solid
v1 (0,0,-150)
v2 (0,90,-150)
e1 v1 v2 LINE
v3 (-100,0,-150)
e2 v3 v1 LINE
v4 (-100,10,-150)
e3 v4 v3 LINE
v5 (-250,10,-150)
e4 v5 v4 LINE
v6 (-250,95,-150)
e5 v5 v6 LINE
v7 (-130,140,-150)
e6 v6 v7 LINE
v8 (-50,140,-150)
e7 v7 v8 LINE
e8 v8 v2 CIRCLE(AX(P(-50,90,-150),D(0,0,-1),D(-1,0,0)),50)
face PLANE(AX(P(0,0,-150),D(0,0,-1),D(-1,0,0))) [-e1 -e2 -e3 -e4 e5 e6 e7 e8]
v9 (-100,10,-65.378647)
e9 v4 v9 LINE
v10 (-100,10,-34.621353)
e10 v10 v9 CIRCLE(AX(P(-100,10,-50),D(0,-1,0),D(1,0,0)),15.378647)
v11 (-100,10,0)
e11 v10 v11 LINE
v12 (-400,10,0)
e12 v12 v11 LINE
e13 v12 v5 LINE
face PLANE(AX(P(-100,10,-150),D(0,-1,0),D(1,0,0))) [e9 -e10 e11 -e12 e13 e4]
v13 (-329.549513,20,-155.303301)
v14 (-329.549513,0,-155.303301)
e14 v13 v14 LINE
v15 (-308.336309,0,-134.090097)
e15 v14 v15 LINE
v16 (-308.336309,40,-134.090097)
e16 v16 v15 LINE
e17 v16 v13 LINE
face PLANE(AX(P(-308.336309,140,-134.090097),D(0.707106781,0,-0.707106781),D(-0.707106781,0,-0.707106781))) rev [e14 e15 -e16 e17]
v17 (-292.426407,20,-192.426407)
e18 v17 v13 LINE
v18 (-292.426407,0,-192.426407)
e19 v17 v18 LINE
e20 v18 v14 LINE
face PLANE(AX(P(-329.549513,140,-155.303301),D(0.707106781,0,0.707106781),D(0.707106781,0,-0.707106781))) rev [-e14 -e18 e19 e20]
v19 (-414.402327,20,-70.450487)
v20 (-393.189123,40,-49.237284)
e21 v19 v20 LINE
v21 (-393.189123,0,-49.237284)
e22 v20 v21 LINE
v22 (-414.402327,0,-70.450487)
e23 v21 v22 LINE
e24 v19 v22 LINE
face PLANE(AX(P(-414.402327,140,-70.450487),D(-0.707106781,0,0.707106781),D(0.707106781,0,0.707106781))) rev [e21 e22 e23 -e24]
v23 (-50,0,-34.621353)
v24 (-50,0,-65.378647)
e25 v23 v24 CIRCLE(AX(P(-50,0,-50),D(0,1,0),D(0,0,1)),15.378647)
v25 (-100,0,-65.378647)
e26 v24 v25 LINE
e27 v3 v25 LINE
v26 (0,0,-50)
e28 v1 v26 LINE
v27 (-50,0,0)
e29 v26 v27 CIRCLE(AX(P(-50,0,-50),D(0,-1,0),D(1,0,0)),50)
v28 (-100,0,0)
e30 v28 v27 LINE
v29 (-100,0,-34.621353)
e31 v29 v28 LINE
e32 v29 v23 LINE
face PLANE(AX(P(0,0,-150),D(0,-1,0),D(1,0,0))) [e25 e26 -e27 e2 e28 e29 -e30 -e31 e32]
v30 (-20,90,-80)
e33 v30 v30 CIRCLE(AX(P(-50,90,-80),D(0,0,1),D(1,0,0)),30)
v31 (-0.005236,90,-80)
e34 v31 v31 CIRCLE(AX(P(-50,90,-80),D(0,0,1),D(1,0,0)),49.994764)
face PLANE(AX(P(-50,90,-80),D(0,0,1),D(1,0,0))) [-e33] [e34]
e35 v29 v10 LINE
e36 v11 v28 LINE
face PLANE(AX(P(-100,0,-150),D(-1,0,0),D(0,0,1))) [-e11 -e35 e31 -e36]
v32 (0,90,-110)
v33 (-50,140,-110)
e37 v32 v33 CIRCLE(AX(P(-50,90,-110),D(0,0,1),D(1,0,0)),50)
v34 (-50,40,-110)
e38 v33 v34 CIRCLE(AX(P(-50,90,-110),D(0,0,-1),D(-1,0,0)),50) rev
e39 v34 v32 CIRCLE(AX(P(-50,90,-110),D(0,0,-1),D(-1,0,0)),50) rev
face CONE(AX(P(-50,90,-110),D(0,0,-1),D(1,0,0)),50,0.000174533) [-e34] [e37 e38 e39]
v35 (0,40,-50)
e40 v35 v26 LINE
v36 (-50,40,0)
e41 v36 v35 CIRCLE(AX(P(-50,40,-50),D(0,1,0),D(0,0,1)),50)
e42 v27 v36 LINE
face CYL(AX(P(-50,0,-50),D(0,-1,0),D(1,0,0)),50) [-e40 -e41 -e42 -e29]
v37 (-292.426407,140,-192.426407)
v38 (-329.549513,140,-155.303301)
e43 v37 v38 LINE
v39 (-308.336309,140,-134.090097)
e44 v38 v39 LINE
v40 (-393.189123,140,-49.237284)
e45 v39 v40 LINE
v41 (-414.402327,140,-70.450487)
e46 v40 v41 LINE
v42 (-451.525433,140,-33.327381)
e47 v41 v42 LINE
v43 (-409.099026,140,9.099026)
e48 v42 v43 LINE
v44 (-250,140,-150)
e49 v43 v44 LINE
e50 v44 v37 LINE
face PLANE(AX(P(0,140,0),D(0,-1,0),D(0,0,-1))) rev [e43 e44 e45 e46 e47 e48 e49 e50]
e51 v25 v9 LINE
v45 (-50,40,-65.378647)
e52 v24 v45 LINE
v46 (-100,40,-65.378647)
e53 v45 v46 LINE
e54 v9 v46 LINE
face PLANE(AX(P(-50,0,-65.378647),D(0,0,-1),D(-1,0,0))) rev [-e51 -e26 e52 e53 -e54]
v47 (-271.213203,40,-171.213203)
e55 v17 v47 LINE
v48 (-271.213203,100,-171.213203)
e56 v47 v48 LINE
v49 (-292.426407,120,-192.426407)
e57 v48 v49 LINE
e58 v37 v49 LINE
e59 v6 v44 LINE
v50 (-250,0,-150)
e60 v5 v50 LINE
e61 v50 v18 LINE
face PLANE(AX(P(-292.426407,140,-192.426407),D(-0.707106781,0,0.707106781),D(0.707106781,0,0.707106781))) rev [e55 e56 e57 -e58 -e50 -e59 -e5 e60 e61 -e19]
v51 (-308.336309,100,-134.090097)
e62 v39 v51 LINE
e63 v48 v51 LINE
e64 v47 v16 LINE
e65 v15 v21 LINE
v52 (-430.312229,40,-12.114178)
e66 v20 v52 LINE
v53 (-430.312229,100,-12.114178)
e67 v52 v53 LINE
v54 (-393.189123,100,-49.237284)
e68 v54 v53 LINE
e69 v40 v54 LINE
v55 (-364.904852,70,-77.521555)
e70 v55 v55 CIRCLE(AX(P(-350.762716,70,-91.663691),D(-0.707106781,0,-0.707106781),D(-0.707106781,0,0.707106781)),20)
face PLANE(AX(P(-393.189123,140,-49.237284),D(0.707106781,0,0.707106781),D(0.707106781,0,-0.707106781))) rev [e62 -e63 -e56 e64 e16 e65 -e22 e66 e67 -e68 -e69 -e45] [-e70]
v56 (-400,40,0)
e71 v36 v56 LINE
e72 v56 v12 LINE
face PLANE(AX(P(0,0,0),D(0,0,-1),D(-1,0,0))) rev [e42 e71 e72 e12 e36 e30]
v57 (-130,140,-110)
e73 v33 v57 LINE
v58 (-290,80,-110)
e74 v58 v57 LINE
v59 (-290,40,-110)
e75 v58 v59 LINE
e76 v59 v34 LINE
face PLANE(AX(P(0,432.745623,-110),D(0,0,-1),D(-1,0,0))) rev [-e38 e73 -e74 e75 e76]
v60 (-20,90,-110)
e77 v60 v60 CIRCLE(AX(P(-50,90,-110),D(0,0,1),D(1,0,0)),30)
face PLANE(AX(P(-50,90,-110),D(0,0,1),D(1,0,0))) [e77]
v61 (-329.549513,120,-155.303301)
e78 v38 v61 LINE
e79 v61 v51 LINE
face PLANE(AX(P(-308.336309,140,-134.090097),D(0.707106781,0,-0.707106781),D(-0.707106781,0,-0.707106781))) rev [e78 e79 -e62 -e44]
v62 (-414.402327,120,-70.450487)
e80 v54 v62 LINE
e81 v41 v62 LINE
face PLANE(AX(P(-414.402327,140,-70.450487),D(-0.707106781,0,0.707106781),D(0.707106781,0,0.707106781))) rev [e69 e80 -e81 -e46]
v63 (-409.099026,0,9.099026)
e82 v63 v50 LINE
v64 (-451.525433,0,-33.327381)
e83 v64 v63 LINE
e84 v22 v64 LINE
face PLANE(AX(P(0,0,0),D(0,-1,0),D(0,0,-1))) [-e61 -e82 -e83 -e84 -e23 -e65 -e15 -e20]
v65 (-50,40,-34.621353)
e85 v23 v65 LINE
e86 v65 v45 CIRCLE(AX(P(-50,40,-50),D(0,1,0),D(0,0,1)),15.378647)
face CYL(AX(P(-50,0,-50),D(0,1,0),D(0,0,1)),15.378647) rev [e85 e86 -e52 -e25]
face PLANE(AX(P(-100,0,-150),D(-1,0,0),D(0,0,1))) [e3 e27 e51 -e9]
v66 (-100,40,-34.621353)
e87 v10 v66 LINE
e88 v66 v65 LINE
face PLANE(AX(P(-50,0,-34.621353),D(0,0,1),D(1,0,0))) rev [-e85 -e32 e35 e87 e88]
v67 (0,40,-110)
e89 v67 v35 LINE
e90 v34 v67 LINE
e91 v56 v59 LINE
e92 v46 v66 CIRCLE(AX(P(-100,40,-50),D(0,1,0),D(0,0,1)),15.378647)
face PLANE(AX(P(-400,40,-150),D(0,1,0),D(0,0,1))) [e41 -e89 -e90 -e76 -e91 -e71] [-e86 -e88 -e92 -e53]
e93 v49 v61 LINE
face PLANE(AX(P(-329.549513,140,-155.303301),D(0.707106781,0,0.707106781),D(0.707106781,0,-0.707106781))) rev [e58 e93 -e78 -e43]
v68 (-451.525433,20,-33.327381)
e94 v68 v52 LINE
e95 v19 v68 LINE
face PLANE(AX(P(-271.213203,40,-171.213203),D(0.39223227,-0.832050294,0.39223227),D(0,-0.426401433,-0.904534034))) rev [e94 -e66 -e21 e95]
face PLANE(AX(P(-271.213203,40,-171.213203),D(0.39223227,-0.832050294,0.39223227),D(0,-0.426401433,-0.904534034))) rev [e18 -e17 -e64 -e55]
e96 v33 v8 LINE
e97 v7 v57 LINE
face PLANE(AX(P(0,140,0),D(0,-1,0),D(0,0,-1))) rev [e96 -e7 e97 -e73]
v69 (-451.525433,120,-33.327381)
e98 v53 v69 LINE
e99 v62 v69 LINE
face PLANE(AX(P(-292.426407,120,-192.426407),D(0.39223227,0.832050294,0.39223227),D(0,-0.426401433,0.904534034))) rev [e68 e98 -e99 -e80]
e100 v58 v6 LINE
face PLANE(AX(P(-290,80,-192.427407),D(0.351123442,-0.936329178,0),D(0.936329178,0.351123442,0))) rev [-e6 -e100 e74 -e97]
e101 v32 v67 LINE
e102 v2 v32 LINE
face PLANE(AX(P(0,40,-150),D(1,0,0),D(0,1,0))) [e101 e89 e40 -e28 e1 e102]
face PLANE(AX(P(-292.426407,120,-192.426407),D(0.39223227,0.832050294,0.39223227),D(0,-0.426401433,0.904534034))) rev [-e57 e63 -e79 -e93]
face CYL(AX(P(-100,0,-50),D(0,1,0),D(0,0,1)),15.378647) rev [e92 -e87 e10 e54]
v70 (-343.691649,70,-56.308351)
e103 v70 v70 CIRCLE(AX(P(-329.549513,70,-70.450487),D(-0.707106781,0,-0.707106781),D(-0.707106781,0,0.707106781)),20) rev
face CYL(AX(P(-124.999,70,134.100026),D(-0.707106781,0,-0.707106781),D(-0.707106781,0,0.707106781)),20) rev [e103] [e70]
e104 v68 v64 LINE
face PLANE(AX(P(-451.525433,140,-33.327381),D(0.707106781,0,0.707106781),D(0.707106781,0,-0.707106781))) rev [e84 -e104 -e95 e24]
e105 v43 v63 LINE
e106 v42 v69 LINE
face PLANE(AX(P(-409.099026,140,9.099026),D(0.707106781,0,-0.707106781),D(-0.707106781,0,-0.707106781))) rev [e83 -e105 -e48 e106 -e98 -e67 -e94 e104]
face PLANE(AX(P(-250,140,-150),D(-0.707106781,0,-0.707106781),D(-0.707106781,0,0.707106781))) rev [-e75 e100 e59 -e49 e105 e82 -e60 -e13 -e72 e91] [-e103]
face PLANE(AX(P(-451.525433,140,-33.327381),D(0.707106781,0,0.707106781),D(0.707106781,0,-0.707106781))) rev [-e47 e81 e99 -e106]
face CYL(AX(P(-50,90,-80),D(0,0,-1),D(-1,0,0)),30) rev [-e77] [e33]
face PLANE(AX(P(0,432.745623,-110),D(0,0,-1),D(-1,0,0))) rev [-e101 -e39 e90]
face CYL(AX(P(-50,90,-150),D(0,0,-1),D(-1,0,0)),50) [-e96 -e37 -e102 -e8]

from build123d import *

# Parameters (mm, degrees)
BOSS_EXTRUDE1_DEPTH  = 150
FILLET1_R            = 50
CUT_EXTRUDE1_REACH   = 431.069
CUT_EXTRUDE2_DEPTH   = 430.068759058
BOSS_EXTRUDE2_DEPTH  = 140
CUT_EXTRUDE3_DEPTH   = 225
CUT_EXTRUDE4_REACH   = 356.524
SKETCH7_R            = 20
BOSS_EXTRUDE3_DEPTH  = 100
SKETCH11_R           = 50
BOSS_EXTRUDE9_DEPTH  = 30
BOSS_EXTRUDE9_TAPER  = 0.01
FILLET3_R            = 50
SKETCH12_R           = 30
CUT_EXTRUDE5_DEPTH   = 30
CUT_EXTRUDE7_REACH   = 489.504
BOSS_EXTRUDE11_REACH = 512.395
CUT_EXTRUDE8_DEPTH   = 490.482620533


with BuildPart() as part:
    # Sketch1 → Boss-Extrude1 (new body)
    with BuildSketch(Plane.XY):
        Polygon((0, 0), (-100, 0), (-100, 10), (-400, 10), (-400, 40), (0, 40), align=None)
    extrude(amount=-BOSS_EXTRUDE1_DEPTH)

    # Fillet1
    fillet1_edges = [part.edges().sort_by_distance(p)[0] for p in [
        (0, 20, 0),
    ]]
    fillet(fillet1_edges, radius=FILLET1_R)

    # Sketch3 → Cut-Extrude1 (cut, up to next)
    with BuildSketch(Plane(origin=(0, 40, 0), x_dir=(1, 0, 0), z_dir=(0, 1, 0)), mode=Mode.PRIVATE) as cut_extrude1_sk1:
        Polygon((-400, 0), (-250, 150), (-400, 150), align=None)
    cut_extrude1_tool1 = extrude(cut_extrude1_sk1.sketch, amount=-CUT_EXTRUDE1_REACH, mode=Mode.PRIVATE) & part.part
    add(cut_extrude1_tool1.solids().sort_by_distance((-350, 40, -100))[0], mode=Mode.SUBTRACT)

    # Sketch4 → Cut-Extrude2 (cut, through all)
    with BuildSketch(Plane(origin=(0, 40, 0), x_dir=(1, 0, 0), z_dir=(0, 1, 0))):
        with BuildLine():
            Line((-50, 34.621352916), (-100, 34.621352916))
            ThreePointArc((-100, 34.621352916), (-115.378647084, 50), (-100, 65.378647084))
            Line((-100, 65.378647084), (-50, 65.378647084))
            ThreePointArc((-50, 65.378647084), (-34.621352916, 50), (-50, 34.621352916))
        make_face()
    extrude(amount=-CUT_EXTRUDE2_DEPTH, mode=Mode.SUBTRACT)

    # Sketch5 → Boss-Extrude2 (add)
    with BuildSketch(Plane(origin=(0, 0, 0), x_dir=(1, 0, 0), z_dir=(0, 1, 0))):
        Polygon((-292.426406871, 192.426406871), (-250, 150), (-409.099025767, -9.099025767), (-451.525432638, 33.327381104), (-414.402326626, 70.450487117), (-393.18912319, 49.237283681), (-308.336309448, 134.090097423), (-329.549512883, 155.303300859), align=None)
    extrude(amount=BOSS_EXTRUDE2_DEPTH)

    # Sketch6 → Cut-Extrude3 (cut)
    with BuildSketch(Plane(origin=(-209.099025767, 0, 209.099025767), x_dir=(0.7071067811865476, 0, 0.7071067811865476), z_dir=(-0.7071067811865476, 0, 0.7071067811865476))):
        Polygon((-342.842712475, 120), (-312.842712475, 100), (-312.842712475, 40), (-342.842712475, 20), align=None)
    extrude(amount=-CUT_EXTRUDE3_DEPTH, mode=Mode.SUBTRACT)

    # Sketch7 → Cut-Extrude4 (cut, up to next)
    with BuildSketch(Plane(origin=(-221.213203436, 0, -221.213203436), x_dir=(-0.7071067811865476, 0, 0.7071067811865476), z_dir=(-0.7071067811865476, 0, -0.7071067811865476)), mode=Mode.PRIVATE) as cut_extrude4_sk1:
        with Locations((183.210678119, 70)):
            Circle(SKETCH7_R)
    cut_extrude4_tool1 = extrude(cut_extrude4_sk1.sketch, amount=-CUT_EXTRUDE4_REACH, mode=Mode.PRIVATE) & part.part
    add(cut_extrude4_tool1.solids().sort_by_distance((-350.762716, 70, -91.663691))[0], mode=Mode.SUBTRACT)

    # Sketch8 → Boss-Extrude3 (add)
    with BuildSketch(Plane(origin=(0, 40, 0), x_dir=(1, 0, 0), z_dir=(0, 1, 0))):
        Polygon((0, 150), (0, 110), (-290, 110), (-250, 150), align=None)
    extrude(amount=BOSS_EXTRUDE3_DEPTH)

    # Sketch11 → Boss-Extrude9 (add)
    with BuildSketch(Plane.XY.offset(-110)):
        with Locations((-50, 90)):
            Circle(SKETCH11_R)
    extrude(amount=BOSS_EXTRUDE9_DEPTH, taper=BOSS_EXTRUDE9_TAPER)

    # Fillet3
    fillet3_edges = [part.edges().sort_by_distance(p)[0] for p in [
        (0, 140, -130),
    ]]
    fillet(fillet3_edges, radius=FILLET3_R)

    # Sketch12 → Cut-Extrude5 (cut)
    with BuildSketch(Plane.XY.offset(-110)):
        with Locations((-50, 90)):
            Circle(SKETCH12_R)
    extrude(amount=CUT_EXTRUDE5_DEPTH, mode=Mode.SUBTRACT)

    # Sketch13 → Cut-Extrude7 (cut, up to next)
    with BuildSketch(Plane.XY.offset(-110), mode=Mode.PRIVATE) as cut_extrude7_sk1:
        Polygon((-290, 80), (-130, 140), (-290, 140), align=None)
    cut_extrude7_tool1 = extrude(cut_extrude7_sk1.sketch, amount=-CUT_EXTRUDE7_REACH, mode=Mode.PRIVATE) & part.part
    add(cut_extrude7_tool1.solids().sort_by_distance((-236.666667, 120, -110))[0], mode=Mode.SUBTRACT)

    # Boss-Extrude11: up to this plane
    boss_extrude11_end = Plane(origin=(-290, 80, -192.427406871), z_dir=(0.3511234415883917, -0.9363291775690445, 0))
    # Sketch16 → Boss-Extrude11 (add, up to the surface)
    with BuildSketch(Plane(origin=(0, 140, 0), x_dir=(1, 0, 0), z_dir=(0, 1, 0)), mode=Mode.PRIVATE) as boss_extrude11_sk1:
        Polygon((-290, 110), (-250, 150), (-290, 190), align=None)
    boss_extrude11_tool1 = split(extrude(boss_extrude11_sk1.sketch, amount=-BOSS_EXTRUDE11_REACH, mode=Mode.PRIVATE), bisect_by=boss_extrude11_end, keep=Keep.BOTH, mode=Mode.PRIVATE)
    add(boss_extrude11_tool1.solids().sort_by_distance((-276.666667, 140, -150))[0])

    # Sketch17 → Cut-Extrude8 (cut, through all)
    with BuildSketch(Plane(origin=(-50, 0, 50), x_dir=(-0.7071067811865461, 0, -0.7071067811865489), z_dir=(0.7071067811865489, 0, -0.7071067811865461))):
        Polygon((312.842712475, 80), (312.842712475, 100), (339.41125497, 117.712361663), (339.41125497, 80), align=None)
    extrude(amount=-CUT_EXTRUDE8_DEPTH, mode=Mode.SUBTRACT)


solid = part.part
